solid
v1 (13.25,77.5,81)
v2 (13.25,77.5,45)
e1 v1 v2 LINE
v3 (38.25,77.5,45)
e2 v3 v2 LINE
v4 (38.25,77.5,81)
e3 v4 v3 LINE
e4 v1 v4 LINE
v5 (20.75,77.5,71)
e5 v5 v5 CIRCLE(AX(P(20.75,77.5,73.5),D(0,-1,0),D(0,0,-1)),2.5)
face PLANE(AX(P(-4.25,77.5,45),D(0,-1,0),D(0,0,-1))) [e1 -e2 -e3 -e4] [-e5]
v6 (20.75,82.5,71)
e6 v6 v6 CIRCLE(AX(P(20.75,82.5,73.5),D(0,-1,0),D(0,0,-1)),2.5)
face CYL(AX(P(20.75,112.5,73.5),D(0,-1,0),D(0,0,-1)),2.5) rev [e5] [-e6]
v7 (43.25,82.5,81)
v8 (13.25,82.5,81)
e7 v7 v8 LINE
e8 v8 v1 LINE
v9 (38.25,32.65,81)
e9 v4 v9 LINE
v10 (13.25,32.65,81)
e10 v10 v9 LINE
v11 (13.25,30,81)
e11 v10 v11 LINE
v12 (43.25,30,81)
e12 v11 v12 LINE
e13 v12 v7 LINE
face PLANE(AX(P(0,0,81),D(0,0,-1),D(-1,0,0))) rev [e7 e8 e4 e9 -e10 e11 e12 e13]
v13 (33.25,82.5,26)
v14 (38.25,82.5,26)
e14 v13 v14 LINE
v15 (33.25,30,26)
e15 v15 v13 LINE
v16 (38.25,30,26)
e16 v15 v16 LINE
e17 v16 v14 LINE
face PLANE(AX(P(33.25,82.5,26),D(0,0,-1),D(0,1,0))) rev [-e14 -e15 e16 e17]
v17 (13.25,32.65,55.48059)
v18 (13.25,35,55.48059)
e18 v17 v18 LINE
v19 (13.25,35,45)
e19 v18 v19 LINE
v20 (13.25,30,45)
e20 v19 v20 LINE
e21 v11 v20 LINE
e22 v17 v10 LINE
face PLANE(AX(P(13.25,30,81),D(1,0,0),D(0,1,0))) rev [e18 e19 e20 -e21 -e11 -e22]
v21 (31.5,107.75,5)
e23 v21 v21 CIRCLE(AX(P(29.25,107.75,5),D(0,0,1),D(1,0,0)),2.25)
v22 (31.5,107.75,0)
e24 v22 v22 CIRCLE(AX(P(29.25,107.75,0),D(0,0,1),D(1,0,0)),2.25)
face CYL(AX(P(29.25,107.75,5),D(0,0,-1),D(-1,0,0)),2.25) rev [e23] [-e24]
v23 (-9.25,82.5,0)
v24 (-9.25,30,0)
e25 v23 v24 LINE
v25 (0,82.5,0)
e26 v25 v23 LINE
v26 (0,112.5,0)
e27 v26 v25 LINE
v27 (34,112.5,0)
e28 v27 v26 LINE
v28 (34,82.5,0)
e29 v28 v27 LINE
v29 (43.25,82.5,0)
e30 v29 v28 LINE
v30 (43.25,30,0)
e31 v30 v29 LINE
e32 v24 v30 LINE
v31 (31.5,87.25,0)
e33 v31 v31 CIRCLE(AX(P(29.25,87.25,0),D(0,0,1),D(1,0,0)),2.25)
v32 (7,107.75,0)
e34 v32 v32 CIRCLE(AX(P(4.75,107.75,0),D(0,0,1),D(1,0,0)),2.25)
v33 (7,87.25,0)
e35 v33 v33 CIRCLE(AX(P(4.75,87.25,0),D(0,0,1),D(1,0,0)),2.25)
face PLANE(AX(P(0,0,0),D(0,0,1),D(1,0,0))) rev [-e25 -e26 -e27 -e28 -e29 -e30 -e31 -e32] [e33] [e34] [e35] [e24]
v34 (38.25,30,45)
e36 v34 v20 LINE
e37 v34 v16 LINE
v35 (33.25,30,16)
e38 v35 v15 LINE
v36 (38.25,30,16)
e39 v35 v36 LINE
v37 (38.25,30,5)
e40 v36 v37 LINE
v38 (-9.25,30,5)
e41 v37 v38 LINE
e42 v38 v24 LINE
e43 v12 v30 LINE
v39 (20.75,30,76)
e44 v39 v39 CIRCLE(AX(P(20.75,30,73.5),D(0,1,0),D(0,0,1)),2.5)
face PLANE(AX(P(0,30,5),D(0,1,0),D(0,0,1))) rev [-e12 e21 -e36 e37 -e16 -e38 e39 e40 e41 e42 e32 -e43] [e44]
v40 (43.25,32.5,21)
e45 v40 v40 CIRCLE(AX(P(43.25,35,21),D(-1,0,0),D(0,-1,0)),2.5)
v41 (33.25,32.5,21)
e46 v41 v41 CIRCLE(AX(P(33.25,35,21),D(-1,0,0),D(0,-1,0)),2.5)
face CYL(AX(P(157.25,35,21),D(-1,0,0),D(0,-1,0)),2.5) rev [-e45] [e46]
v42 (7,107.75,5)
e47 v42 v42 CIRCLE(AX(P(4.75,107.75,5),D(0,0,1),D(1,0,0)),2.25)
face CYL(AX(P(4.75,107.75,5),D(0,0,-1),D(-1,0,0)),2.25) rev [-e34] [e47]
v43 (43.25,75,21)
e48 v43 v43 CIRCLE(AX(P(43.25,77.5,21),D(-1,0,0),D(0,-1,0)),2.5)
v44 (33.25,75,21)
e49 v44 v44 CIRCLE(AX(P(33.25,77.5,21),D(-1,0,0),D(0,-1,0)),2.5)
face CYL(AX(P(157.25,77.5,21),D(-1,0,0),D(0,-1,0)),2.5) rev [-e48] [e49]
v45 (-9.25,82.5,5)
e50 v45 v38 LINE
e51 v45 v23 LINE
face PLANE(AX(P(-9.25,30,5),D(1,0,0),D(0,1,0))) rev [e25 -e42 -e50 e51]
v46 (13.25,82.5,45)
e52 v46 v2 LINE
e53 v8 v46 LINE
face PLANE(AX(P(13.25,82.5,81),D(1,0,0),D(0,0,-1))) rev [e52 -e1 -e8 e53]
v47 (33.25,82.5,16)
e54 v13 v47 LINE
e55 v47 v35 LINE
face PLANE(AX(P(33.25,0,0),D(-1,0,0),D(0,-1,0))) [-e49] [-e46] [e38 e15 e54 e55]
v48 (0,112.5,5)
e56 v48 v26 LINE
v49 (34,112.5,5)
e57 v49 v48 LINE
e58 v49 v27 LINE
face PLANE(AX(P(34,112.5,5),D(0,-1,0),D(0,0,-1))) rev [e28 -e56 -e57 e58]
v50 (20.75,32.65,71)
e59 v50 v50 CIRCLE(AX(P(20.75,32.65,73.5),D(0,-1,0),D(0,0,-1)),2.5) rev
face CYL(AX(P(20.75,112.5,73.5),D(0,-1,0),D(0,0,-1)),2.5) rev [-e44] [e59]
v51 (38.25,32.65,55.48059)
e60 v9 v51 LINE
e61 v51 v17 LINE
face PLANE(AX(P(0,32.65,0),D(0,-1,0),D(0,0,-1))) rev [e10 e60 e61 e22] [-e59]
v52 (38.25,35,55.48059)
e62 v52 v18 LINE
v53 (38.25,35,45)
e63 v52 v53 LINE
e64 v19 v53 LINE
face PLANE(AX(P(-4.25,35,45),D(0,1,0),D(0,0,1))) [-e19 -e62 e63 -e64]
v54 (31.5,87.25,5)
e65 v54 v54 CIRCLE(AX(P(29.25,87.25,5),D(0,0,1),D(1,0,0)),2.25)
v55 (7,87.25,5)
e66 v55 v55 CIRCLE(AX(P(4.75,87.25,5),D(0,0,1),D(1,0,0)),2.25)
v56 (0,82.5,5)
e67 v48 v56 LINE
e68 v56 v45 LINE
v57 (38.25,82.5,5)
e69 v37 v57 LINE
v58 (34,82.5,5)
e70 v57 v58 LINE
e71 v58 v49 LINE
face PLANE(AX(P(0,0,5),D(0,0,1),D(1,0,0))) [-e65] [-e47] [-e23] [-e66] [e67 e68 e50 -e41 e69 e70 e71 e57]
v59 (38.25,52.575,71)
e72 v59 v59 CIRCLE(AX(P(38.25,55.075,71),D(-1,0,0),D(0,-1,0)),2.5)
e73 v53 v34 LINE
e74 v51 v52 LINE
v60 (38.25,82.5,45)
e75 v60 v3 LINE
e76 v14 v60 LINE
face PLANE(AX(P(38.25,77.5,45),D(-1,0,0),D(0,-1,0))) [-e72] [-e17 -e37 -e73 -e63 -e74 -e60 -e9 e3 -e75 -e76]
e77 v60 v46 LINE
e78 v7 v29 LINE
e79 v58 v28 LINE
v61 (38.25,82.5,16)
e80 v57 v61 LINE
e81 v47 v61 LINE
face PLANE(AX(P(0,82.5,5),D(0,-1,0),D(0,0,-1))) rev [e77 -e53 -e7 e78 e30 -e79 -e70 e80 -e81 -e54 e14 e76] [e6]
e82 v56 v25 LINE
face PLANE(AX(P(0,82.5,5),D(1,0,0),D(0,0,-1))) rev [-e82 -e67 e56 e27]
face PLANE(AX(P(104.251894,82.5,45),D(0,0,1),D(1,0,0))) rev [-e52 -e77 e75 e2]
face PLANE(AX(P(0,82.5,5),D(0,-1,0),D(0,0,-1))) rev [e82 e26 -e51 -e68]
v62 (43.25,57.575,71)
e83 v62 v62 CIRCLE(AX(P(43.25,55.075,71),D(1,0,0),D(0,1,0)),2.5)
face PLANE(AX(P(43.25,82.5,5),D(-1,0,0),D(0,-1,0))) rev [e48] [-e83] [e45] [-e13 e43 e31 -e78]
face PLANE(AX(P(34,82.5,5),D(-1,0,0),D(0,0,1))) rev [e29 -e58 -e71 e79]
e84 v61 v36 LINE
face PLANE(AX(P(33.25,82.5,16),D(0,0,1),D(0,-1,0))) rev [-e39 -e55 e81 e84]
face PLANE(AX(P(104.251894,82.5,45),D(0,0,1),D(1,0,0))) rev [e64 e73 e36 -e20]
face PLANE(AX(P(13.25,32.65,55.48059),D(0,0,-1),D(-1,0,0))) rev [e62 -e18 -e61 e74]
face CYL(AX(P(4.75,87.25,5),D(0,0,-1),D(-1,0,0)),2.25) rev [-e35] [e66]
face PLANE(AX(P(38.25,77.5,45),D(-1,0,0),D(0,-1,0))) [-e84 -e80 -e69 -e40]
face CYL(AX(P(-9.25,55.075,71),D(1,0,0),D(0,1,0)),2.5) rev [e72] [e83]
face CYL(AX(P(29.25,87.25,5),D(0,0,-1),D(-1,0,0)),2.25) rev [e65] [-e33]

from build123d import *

# Parameters (mm, degrees)
SKETCH1_R               = 2.25
BOSS_EXTRUDE1_DEPTH     = 5
SKETCH2_W               = 52.5
SKETCH2_H               = 52.5
SKETCH2_W_2             = 42.5
SKETCH2_H_2             = 42.5
BOSS_EXTRUDE2_DEPTH     = 40
BOSS_EXTRUDE3_DEPTH     = 36
CUT_EXTRUDE2_DEPTH      = 121.157448791
CUT_EXTRUDE2_DEPTH_BACK = 121.157448791
SKETCH6_R               = 2.5
CUT_EXTRUDE3_DEPTH      = 149.234611343
CUT_EXTRUDE3_DEPTH_BACK = 149.234611343
SKETCH7_R               = 2.5
SKETCH8_W               = 40
SKETCH8_H               = 36.5
CUT_EXTRUDE4_DEPTH      = 24
SKETCH9_W               = 25
SKETCH9_H               = 25.519409936
CUT_EXTRUDE5_DEPTH      = 2.35
SKETCH10_W              = 5
SKETCH10_H              = 30
CUT_EXTRUDE6_DEPTH      = 119
SKETCH11_W              = 40
SKETCH11_H              = 52.5
CUT_EXTRUDE7_DEPTH      = 47.5
SKETCH12_R              = 2.5
CUT_EXTRUDE8_DEPTH      = 119
BOSS_EXTRUDE4_START     = 5
SKETCH13_W              = 10
SKETCH13_H              = 52.5
SKETCH13_R              = 2.5
BOSS_EXTRUDE4_DEPTH     = 5


with BuildPart() as part:
    # Sketch1 → Boss-Extrude1 (new body)
    with BuildSketch(Plane.XY):
        Polygon((0, 30), (-9.25, 30), (-9.25, 82.5), (0, 82.5), (0, 112.5), (34, 112.5), (34, 82.5), (43.25, 82.5), (43.25, 30), (34, 30), (34, 0), (0, 0), align=None)
        with Locations((4.75, 25.25)):
            Circle(SKETCH1_R, mode=Mode.SUBTRACT)
        with Locations((29.25, 25.25)):
            Circle(SKETCH1_R, mode=Mode.SUBTRACT)
        with Locations((29.25, 4.75)):
            Circle(SKETCH1_R, mode=Mode.SUBTRACT)
        with Locations((4.75, 4.75)):
            Circle(SKETCH1_R, mode=Mode.SUBTRACT)
        with Locations((4.75, 107.75)):
            Circle(SKETCH1_R, mode=Mode.SUBTRACT)
        with Locations((29.25, 107.75)):
            Circle(SKETCH1_R, mode=Mode.SUBTRACT)
        with Locations((29.25, 87.25)):
            Circle(SKETCH1_R, mode=Mode.SUBTRACT)
        with Locations((4.75, 87.25)):
            Circle(SKETCH1_R, mode=Mode.SUBTRACT)
    extrude(amount=BOSS_EXTRUDE1_DEPTH)

    # Sketch2 → Boss-Extrude2 (add)
    with BuildSketch(Plane.XY.offset(5)):
        with Locations((17, 56.25)):
            Rectangle(SKETCH2_W, SKETCH2_H)
        with Locations((17, 56.25)):
            Rectangle(SKETCH2_W_2, SKETCH2_H_2, mode=Mode.SUBTRACT)
    extrude(amount=BOSS_EXTRUDE2_DEPTH)

    # Sketch5 → Boss-Extrude3 (add)
    with BuildSketch(Plane.XY.offset(45)):
        Polygon((43.25, 82.5), (43.25, 30), (13.25, 30), (13.25, 35), (38.25, 35), (38.25, 77.5), (13.25, 77.5), (13.25, 82.5), align=None)
    extrude(amount=BOSS_EXTRUDE3_DEPTH)

    # Sketch6 → Cut-Extrude2 (cut, two sides: drawn at the far end of the back side and taken through both)
    with BuildSketch(Plane.XZ.offset(-77.5).offset(-CUT_EXTRUDE2_DEPTH_BACK)):
        with Locations(Location((20.75, 73.5, 0), (0, 0, 270))):
            Circle(SKETCH6_R)
    extrude(amount=CUT_EXTRUDE2_DEPTH + CUT_EXTRUDE2_DEPTH_BACK, mode=Mode.SUBTRACT)

    # Sketch7 → Cut-Extrude3 (cut, two sides: drawn at the far end of the back side and taken through both)
    with BuildSketch(Plane(origin=(43.25, 0, 0), x_dir=(0, 0, -1), z_dir=(1, 0, 0)).offset(-CUT_EXTRUDE3_DEPTH_BACK)):
        with Locations(Location((-71, 55.075, 0), (0, 0, 90))):
            Circle(SKETCH7_R)
    extrude(amount=CUT_EXTRUDE3_DEPTH + CUT_EXTRUDE3_DEPTH_BACK, mode=Mode.SUBTRACT)

    # Sketch8 → Cut-Extrude4 (cut)
    with BuildSketch(Plane.ZY.offset(9.25)):
        with Locations((25, 56.25)):
            Rectangle(SKETCH8_W, SKETCH8_H)
    extrude(amount=-CUT_EXTRUDE4_DEPTH, mode=Mode.SUBTRACT)

    # Sketch9 → Cut-Extrude5 (cut)
    with BuildSketch(Plane(origin=(0, 35, 0), x_dir=(1, 0, 0), z_dir=(0, 1, 0))):
        with Locations((25.75, -68.240295032)):
            Rectangle(SKETCH9_W, SKETCH9_H)
    extrude(amount=-CUT_EXTRUDE5_DEPTH, mode=Mode.SUBTRACT)

    # Sketch10 → Cut-Extrude6 (cut)
    with BuildSketch(Plane.ZY):
        with Locations((2.5, 15)):
            Rectangle(SKETCH10_W, SKETCH10_H)
    extrude(amount=-CUT_EXTRUDE6_DEPTH, mode=Mode.SUBTRACT)

    # Sketch11 → Cut-Extrude7 (cut)
    with BuildSketch(Plane.ZY.offset(9.25)):
        with Locations((25, 56.25)):
            Rectangle(SKETCH11_W, SKETCH11_H)
    extrude(amount=-CUT_EXTRUDE7_DEPTH, mode=Mode.SUBTRACT)

    # Sketch12 → Cut-Extrude8 (cut)
    with BuildSketch(Plane.ZY.offset(-38.25)):
        with Locations(Location((21, 77.5, 0), (0, 0, 270))):
            Circle(SKETCH12_R)
        with Locations(Location((21, 35, 0), (0, 0, 270))):
            Circle(SKETCH12_R)
    extrude(amount=-CUT_EXTRUDE8_DEPTH, mode=Mode.SUBTRACT)

    # Sketch13 → Boss-Extrude4 (add)
    with BuildSketch(Plane.ZY.offset(-38.25).offset(BOSS_EXTRUDE4_START)):
        with Locations((21, 56.25)):
            Rectangle(SKETCH13_W, SKETCH13_H)
        with Locations(Location((21, 77.5, 0), (0, 0, 270))):
            Circle(SKETCH13_R, mode=Mode.SUBTRACT)
        with Locations(Location((21, 35, 0), (0, 0, 270))):
            Circle(SKETCH13_R, mode=Mode.SUBTRACT)
    extrude(amount=-BOSS_EXTRUDE4_DEPTH)


solid = part.part
